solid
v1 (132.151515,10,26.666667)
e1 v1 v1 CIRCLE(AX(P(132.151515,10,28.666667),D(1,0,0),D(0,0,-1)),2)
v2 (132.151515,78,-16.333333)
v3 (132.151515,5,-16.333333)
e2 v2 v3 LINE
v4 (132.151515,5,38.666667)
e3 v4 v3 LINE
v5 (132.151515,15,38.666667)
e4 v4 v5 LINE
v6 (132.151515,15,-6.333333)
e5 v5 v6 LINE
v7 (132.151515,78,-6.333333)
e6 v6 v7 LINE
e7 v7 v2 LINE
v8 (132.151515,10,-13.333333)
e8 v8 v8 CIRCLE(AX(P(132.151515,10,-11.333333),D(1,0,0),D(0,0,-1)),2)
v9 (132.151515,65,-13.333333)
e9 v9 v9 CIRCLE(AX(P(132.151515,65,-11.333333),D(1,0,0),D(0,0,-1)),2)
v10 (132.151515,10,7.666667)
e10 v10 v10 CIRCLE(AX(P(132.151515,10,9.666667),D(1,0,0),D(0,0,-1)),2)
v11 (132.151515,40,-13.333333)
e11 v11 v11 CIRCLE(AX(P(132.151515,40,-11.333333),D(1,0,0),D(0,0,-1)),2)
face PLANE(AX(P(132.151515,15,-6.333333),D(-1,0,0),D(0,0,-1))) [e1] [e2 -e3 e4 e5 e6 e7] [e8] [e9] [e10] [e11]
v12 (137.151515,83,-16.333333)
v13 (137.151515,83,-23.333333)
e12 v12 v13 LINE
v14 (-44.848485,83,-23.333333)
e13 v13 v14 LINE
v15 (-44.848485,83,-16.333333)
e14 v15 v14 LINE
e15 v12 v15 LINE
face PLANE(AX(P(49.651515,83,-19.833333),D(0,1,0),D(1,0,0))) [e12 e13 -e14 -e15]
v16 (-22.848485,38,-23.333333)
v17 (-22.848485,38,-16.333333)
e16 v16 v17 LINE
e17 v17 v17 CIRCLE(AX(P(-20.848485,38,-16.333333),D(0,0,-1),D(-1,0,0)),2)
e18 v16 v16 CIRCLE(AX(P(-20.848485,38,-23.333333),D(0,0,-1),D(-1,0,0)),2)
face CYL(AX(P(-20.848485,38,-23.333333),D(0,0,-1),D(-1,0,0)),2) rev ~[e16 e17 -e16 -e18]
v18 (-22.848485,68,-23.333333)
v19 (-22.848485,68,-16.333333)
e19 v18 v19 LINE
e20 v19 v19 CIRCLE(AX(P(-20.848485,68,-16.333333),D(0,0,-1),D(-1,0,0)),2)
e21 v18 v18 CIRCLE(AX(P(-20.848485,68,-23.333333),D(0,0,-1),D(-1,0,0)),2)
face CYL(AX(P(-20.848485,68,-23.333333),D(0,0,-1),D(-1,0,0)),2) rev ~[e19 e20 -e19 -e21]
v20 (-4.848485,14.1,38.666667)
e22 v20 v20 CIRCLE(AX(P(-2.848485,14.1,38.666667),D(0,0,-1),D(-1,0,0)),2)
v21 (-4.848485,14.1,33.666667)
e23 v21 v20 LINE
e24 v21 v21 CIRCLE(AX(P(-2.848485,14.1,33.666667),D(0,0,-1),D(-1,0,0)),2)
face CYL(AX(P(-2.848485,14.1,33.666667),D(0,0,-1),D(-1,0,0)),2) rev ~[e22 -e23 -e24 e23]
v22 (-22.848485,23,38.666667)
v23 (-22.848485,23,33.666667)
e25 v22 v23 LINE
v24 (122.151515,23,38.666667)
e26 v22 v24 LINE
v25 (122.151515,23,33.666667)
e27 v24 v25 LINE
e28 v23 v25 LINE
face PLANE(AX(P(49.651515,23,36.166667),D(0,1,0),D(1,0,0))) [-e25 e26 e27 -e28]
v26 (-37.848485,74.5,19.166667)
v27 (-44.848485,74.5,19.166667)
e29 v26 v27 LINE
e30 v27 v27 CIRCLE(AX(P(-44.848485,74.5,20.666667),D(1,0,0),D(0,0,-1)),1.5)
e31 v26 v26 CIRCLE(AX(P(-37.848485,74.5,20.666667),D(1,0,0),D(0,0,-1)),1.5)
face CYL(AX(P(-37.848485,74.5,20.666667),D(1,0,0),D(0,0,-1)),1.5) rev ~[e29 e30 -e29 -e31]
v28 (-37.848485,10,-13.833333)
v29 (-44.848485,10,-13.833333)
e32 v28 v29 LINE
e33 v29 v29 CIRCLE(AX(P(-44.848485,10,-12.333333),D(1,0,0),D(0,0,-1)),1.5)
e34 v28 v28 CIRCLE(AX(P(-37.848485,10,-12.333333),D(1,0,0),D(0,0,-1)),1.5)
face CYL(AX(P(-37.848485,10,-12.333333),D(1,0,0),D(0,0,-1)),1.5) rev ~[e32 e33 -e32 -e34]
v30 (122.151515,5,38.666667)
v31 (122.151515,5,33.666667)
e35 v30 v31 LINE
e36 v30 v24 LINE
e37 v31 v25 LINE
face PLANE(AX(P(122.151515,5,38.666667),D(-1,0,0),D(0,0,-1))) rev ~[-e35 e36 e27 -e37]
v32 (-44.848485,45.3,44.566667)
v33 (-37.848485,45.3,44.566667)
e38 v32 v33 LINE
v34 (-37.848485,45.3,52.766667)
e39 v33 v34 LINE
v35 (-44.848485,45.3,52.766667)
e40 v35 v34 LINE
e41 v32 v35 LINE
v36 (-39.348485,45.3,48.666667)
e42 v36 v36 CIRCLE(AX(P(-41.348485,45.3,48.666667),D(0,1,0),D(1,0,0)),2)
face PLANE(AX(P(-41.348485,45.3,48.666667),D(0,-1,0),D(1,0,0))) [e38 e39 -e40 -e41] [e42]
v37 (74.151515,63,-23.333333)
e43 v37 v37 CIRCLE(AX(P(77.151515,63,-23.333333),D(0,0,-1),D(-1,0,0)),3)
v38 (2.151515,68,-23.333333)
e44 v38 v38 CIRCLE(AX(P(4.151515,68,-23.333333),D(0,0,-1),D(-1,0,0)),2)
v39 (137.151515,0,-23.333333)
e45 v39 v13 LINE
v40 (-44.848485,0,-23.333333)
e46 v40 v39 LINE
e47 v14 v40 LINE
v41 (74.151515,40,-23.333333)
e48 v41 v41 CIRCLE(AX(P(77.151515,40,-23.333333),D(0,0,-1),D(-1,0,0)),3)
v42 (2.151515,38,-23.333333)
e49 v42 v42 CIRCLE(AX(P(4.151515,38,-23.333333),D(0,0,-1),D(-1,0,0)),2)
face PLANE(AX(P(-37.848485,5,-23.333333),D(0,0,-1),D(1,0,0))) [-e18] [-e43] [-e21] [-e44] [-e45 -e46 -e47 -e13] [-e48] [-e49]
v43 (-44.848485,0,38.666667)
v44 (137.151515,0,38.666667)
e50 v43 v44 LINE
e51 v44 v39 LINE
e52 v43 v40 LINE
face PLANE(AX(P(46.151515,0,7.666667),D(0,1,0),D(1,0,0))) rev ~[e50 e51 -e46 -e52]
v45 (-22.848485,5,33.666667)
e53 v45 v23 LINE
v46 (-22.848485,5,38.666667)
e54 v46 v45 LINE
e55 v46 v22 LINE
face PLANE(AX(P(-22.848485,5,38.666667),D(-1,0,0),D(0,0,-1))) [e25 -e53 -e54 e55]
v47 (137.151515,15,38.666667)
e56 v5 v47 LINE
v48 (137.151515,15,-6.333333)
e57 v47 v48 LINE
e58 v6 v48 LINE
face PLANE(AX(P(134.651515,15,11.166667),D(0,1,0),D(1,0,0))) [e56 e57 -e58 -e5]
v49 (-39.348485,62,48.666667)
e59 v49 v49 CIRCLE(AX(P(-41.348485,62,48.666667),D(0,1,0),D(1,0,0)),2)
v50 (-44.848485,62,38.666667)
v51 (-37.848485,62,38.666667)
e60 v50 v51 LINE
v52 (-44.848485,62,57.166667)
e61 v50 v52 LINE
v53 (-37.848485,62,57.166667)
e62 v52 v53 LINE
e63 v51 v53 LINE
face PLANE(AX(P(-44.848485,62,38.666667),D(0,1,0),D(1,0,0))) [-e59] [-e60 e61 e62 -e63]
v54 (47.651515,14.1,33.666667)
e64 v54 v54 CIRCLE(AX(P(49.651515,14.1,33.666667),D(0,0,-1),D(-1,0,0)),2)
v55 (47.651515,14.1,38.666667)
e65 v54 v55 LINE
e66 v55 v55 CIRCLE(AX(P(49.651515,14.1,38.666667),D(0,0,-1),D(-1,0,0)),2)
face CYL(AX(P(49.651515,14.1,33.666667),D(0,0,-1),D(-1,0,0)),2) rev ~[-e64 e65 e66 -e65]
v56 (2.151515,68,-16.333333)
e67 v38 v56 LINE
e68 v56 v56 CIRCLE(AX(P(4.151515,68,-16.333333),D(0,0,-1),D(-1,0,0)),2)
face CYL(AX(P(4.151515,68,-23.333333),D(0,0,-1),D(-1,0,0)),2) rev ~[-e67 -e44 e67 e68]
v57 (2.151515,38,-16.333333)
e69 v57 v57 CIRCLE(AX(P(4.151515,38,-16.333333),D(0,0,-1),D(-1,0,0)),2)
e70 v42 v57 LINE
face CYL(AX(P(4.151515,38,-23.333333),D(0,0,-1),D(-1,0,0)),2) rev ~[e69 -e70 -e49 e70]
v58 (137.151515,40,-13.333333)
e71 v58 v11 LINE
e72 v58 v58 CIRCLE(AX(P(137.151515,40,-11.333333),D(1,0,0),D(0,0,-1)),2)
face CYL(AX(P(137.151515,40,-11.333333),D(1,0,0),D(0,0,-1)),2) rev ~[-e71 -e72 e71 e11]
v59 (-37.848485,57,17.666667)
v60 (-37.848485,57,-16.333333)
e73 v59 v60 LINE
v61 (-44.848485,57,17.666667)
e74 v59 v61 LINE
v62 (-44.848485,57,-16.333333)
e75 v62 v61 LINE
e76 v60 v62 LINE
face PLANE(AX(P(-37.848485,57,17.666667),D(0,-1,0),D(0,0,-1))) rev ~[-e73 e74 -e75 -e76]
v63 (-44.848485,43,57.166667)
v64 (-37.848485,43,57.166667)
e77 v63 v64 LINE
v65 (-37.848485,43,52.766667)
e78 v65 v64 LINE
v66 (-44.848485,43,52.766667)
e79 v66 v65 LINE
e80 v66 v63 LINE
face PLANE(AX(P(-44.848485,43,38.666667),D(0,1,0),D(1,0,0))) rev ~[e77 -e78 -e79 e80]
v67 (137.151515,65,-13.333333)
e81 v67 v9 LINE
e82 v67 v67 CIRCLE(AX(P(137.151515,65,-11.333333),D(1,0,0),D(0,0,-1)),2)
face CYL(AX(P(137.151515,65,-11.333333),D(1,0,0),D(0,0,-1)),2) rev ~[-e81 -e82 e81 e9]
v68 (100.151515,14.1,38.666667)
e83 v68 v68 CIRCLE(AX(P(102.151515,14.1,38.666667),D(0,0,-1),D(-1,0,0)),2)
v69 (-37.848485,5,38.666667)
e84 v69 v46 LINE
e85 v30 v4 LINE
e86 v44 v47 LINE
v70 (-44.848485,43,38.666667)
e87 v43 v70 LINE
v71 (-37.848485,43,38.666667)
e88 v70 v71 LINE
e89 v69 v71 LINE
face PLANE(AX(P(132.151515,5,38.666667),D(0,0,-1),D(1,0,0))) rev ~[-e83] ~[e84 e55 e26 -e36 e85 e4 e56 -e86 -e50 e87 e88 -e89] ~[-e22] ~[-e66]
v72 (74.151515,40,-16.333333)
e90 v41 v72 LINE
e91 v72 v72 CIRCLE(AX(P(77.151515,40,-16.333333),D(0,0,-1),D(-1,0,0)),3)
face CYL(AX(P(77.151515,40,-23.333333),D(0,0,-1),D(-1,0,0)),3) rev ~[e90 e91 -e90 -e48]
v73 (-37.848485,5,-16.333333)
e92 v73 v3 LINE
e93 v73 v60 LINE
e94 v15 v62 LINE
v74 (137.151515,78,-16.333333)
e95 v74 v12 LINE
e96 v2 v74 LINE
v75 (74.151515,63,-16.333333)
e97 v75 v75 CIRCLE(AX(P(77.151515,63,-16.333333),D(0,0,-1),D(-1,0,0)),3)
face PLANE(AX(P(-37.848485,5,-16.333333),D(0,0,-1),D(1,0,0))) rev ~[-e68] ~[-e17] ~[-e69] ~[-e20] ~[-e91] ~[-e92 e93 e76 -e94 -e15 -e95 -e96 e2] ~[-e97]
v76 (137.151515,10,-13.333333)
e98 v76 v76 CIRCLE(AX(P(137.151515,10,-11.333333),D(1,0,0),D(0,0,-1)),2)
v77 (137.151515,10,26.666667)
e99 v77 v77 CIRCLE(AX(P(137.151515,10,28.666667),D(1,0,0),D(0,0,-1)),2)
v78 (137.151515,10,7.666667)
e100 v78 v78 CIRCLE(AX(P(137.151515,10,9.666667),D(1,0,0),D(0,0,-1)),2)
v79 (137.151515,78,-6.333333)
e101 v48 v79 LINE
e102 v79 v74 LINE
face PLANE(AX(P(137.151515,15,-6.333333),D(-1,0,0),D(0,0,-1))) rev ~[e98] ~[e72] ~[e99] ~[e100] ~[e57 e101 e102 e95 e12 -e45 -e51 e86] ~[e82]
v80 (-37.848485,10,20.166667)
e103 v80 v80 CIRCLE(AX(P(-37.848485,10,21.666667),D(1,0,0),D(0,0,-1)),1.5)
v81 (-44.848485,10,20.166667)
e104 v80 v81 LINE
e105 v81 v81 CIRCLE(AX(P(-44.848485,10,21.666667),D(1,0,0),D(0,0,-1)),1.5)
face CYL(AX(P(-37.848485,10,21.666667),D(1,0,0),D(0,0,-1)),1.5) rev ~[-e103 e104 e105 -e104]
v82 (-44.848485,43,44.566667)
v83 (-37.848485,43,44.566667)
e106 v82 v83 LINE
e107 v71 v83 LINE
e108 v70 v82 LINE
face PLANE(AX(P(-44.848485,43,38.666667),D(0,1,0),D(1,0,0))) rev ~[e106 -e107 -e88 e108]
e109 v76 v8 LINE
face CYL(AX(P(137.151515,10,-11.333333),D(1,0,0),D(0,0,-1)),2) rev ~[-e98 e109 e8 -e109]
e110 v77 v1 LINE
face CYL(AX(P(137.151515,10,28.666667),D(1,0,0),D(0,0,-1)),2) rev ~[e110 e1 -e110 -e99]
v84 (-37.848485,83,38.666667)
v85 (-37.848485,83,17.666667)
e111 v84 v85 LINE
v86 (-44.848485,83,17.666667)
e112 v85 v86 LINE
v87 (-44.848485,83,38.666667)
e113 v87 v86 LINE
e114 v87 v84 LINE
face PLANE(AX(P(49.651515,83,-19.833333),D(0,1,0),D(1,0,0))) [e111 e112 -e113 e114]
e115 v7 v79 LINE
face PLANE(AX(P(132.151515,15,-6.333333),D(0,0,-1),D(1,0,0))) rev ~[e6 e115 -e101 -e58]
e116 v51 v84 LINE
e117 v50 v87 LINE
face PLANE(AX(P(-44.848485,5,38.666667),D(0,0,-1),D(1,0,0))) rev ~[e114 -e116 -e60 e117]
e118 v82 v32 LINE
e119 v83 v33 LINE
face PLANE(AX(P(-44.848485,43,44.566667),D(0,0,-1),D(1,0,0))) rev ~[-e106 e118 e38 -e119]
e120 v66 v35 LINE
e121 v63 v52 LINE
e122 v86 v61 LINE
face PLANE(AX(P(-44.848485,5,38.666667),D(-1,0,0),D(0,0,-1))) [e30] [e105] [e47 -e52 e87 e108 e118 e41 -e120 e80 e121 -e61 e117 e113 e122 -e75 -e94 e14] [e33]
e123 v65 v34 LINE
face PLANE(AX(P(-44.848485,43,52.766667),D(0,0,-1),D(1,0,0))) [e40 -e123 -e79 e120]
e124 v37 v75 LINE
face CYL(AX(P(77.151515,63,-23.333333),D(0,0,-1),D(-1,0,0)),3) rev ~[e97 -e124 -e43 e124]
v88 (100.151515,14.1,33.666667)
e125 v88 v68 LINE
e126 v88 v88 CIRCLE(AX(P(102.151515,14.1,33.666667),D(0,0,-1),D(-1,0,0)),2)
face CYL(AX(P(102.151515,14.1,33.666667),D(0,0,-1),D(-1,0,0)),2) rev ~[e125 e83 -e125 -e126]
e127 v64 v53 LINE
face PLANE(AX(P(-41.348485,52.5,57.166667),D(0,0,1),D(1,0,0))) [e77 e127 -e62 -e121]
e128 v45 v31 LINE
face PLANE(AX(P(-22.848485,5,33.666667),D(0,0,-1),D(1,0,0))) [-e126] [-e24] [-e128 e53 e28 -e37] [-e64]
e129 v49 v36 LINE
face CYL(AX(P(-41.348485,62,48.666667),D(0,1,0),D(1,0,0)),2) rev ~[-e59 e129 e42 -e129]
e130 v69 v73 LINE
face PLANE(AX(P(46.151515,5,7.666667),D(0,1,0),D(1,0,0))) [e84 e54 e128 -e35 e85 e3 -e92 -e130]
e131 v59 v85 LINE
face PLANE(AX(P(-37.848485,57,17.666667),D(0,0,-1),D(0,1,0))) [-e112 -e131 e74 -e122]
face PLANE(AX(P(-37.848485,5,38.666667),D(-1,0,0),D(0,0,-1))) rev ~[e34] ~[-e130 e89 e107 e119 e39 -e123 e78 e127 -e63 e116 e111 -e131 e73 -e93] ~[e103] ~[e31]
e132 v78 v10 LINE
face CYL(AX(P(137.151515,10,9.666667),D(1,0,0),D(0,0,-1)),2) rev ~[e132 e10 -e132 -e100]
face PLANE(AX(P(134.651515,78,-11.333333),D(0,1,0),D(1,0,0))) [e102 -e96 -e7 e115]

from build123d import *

# Parameters (mm, degrees)
SKETCH1_W           = 182
SKETCH1_H           = 62
BOSS_EXTRUDE1_DEPTH = 5
SKETCH2_W           = 145
SKETCH2_H           = 5
BOSS_EXTRUDE2_DEPTH = 18
SKETCH3_R           = 2
CUT_EXTRUDE1_DEPTH  = 18
SKETCH4_W           = 7
SKETCH4_H           = 62
BOSS_EXTRUDE3_DEPTH = 78
SKETCH5_W           = 175
SKETCH5_H           = 7
BOSS_EXTRUDE4_DEPTH = 78
SKETCH6_W           = 7
SKETCH6_H           = 19
BOSS_EXTRUDE5_DEPTH = 18.5
SKETCH7_R           = 2
CUT_EXTRUDE2_DEPTH  = 18
SKETCH8_W           = 7
SKETCH8_H           = 8.2
CUT_EXTRUDE3_DEPTH  = 2.3
SKETCH11_R          = 1.5
SKETCH11_W          = 34
SKETCH11_H          = 26
CUT_EXTRUDE5_DEPTH  = 10
SKETCH12_W          = 5
SKETCH12_H          = 55
BOSS_EXTRUDE6_DEPTH = 10
SKETCH13_W          = 5
SKETCH13_H          = 10
BOSS_EXTRUDE7_DEPTH = 63
SKETCH15_R          = 2
CUT_EXTRUDE6_DEPTH  = 63
SKETCH16_R          = 3
CUT_EXTRUDE7_DEPTH  = 10
SKETCH17_R          = 2
CUT_EXTRUDE8_DEPTH  = 10
SKETCH18_R          = 1.5
CUT_EXTRUDE9_DEPTH  = 10


with BuildPart() as part:
    # Sketch1 → Boss-Extrude1 (new body)
    with BuildSketch(Plane(origin=(0, 0, 0), x_dir=(1, 0, 0), z_dir=(0, 1, 0))):
        with Locations((46.151515152, -7.666666667)):
            Rectangle(SKETCH1_W, SKETCH1_H)
    extrude(amount=BOSS_EXTRUDE1_DEPTH)

    # Sketch2 → Boss-Extrude2 (add)
    with BuildSketch(Plane(origin=(0, 5, 0), x_dir=(1, 0, 0), z_dir=(0, 1, 0))):
        with Locations((49.651515152, -36.166666667)):
            Rectangle(SKETCH2_W, SKETCH2_H)
    extrude(amount=BOSS_EXTRUDE2_DEPTH)

    # Sketch3 → Cut-Extrude1 (cut)
    with BuildSketch(Plane(origin=(0, 0, 33.666666667), x_dir=(-1, 0, 0), z_dir=(0, 0, -1))):
        with Locations((-102.151515152, 14.1)):
            Circle(SKETCH3_R)
        with Locations((-49.651515152, 14.1)):
            Circle(SKETCH3_R)
        with Locations((2.848484848, 14.1)):
            Circle(SKETCH3_R)
    extrude(amount=-CUT_EXTRUDE1_DEPTH, mode=Mode.SUBTRACT)

    # Sketch4 → Boss-Extrude3 (add)
    with BuildSketch(Plane(origin=(0, 5, 0), x_dir=(1, 0, 0), z_dir=(0, 1, 0))):
        with Locations((-41.348484848, -7.666666667)):
            Rectangle(SKETCH4_W, SKETCH4_H)
    extrude(amount=BOSS_EXTRUDE3_DEPTH)

    # Sketch5 → Boss-Extrude4 (add)
    with BuildSketch(Plane(origin=(0, 5, 0), x_dir=(1, 0, 0), z_dir=(0, 1, 0))):
        with Locations((49.651515152, 19.833333333)):
            Rectangle(SKETCH5_W, SKETCH5_H)
    extrude(amount=BOSS_EXTRUDE4_DEPTH)

    # Sketch6 → Boss-Extrude5 (add)
    with BuildSketch(Plane.XY.offset(38.666666667)):
        with Locations((-41.348484848, 52.5)):
            Rectangle(SKETCH6_W, SKETCH6_H)
    extrude(amount=BOSS_EXTRUDE5_DEPTH)

    # Sketch7 → Cut-Extrude2 (cut)
    with BuildSketch(Plane(origin=(0, 62, 0), x_dir=(1, 0, 0), z_dir=(0, 1, 0))):
        with Locations((-41.348484848, -48.666666667)):
            Circle(SKETCH7_R)
    extrude(amount=-CUT_EXTRUDE2_DEPTH, mode=Mode.SUBTRACT)

    # Sketch8 → Cut-Extrude3 (cut)
    with BuildSketch(Plane.XZ.offset(-43)):
        with Locations((-41.348484848, 48.666666667)):
            Rectangle(SKETCH8_W, SKETCH8_H)
    extrude(amount=-CUT_EXTRUDE3_DEPTH, mode=Mode.SUBTRACT)

    # Sketch11 → Cut-Extrude5 (cut)
    with BuildSketch(Plane(origin=(-37.848484848, 0, 0), x_dir=(0, 0, -1), z_dir=(1, 0, 0))):
        with Locations((-20.666666667, 74.5)):
            Circle(SKETCH11_R)
        with Locations((-0.666666667, 70)):
            Rectangle(SKETCH11_W, SKETCH11_H)
    extrude(amount=-CUT_EXTRUDE5_DEPTH, mode=Mode.SUBTRACT)

    # Sketch12 → Boss-Extrude6 (add)
    with BuildSketch(Plane(origin=(0, 5, 0), x_dir=(1, 0, 0), z_dir=(0, 1, 0))):
        with Locations((134.651515152, -11.166666667)):
            Rectangle(SKETCH12_W, SKETCH12_H)
    extrude(amount=BOSS_EXTRUDE6_DEPTH)

    # Sketch13 → Boss-Extrude7 (add)
    with BuildSketch(Plane(origin=(0, 15, 0), x_dir=(1, 0, 0), z_dir=(0, 1, 0))):
        with Locations((134.651515152, 11.333333333)):
            Rectangle(SKETCH13_W, SKETCH13_H)
    extrude(amount=BOSS_EXTRUDE7_DEPTH)

    # Sketch15 → Cut-Extrude6 (cut)
    with BuildSketch(Plane(origin=(137.151515152, 0, 0), x_dir=(0, 0, -1), z_dir=(1, 0, 0))):
        with Locations((11.333333333, 65)):
            Circle(SKETCH15_R)
        with Locations((11.333333333, 40)):
            Circle(SKETCH15_R)
        with Locations((11.333333333, 10)):
            Circle(SKETCH15_R)
        with Locations((-28.666666667, 10)):
            Circle(SKETCH15_R)
        with Locations((-9.666666667, 10)):
            Circle(SKETCH15_R)
    extrude(amount=-CUT_EXTRUDE6_DEPTH, mode=Mode.SUBTRACT)

    # Sketch16 → Cut-Extrude7 (cut)
    with BuildSketch(Plane(origin=(0, 0, -23.333333333), x_dir=(-1, 0, 0), z_dir=(0, 0, -1))):
        with Locations((-77.151515152, 40)):
            Circle(SKETCH16_R)
        with Locations((-77.151515152, 63)):
            Circle(SKETCH16_R)
    extrude(amount=-CUT_EXTRUDE7_DEPTH, mode=Mode.SUBTRACT)

    # Sketch17 → Cut-Extrude8 (cut)
    with BuildSketch(Plane(origin=(0, 0, -23.333333333), x_dir=(-1, 0, 0), z_dir=(0, 0, -1))):
        with Locations((20.848484848, 68)):
            Circle(SKETCH17_R)
        with Locations((20.848484848, 38)):
            Circle(SKETCH17_R)
        with Locations((-4.151515152, 38)):
            Circle(SKETCH17_R)
        with Locations((-4.151515152, 68)):
            Circle(SKETCH17_R)
    extrude(amount=-CUT_EXTRUDE8_DEPTH, mode=Mode.SUBTRACT)

    # Sketch18 → Cut-Extrude9 (cut)
    with BuildSketch(Plane(origin=(-37.848484848, 0, 0), x_dir=(0, 0, -1), z_dir=(1, 0, 0))):
        with Locations((12.333333333, 10)):
            Circle(SKETCH18_R)
        with Locations((-21.666666667, 10)):
            Circle(SKETCH18_R)
    extrude(amount=-CUT_EXTRUDE9_DEPTH, mode=Mode.SUBTRACT)


solid = part.part
